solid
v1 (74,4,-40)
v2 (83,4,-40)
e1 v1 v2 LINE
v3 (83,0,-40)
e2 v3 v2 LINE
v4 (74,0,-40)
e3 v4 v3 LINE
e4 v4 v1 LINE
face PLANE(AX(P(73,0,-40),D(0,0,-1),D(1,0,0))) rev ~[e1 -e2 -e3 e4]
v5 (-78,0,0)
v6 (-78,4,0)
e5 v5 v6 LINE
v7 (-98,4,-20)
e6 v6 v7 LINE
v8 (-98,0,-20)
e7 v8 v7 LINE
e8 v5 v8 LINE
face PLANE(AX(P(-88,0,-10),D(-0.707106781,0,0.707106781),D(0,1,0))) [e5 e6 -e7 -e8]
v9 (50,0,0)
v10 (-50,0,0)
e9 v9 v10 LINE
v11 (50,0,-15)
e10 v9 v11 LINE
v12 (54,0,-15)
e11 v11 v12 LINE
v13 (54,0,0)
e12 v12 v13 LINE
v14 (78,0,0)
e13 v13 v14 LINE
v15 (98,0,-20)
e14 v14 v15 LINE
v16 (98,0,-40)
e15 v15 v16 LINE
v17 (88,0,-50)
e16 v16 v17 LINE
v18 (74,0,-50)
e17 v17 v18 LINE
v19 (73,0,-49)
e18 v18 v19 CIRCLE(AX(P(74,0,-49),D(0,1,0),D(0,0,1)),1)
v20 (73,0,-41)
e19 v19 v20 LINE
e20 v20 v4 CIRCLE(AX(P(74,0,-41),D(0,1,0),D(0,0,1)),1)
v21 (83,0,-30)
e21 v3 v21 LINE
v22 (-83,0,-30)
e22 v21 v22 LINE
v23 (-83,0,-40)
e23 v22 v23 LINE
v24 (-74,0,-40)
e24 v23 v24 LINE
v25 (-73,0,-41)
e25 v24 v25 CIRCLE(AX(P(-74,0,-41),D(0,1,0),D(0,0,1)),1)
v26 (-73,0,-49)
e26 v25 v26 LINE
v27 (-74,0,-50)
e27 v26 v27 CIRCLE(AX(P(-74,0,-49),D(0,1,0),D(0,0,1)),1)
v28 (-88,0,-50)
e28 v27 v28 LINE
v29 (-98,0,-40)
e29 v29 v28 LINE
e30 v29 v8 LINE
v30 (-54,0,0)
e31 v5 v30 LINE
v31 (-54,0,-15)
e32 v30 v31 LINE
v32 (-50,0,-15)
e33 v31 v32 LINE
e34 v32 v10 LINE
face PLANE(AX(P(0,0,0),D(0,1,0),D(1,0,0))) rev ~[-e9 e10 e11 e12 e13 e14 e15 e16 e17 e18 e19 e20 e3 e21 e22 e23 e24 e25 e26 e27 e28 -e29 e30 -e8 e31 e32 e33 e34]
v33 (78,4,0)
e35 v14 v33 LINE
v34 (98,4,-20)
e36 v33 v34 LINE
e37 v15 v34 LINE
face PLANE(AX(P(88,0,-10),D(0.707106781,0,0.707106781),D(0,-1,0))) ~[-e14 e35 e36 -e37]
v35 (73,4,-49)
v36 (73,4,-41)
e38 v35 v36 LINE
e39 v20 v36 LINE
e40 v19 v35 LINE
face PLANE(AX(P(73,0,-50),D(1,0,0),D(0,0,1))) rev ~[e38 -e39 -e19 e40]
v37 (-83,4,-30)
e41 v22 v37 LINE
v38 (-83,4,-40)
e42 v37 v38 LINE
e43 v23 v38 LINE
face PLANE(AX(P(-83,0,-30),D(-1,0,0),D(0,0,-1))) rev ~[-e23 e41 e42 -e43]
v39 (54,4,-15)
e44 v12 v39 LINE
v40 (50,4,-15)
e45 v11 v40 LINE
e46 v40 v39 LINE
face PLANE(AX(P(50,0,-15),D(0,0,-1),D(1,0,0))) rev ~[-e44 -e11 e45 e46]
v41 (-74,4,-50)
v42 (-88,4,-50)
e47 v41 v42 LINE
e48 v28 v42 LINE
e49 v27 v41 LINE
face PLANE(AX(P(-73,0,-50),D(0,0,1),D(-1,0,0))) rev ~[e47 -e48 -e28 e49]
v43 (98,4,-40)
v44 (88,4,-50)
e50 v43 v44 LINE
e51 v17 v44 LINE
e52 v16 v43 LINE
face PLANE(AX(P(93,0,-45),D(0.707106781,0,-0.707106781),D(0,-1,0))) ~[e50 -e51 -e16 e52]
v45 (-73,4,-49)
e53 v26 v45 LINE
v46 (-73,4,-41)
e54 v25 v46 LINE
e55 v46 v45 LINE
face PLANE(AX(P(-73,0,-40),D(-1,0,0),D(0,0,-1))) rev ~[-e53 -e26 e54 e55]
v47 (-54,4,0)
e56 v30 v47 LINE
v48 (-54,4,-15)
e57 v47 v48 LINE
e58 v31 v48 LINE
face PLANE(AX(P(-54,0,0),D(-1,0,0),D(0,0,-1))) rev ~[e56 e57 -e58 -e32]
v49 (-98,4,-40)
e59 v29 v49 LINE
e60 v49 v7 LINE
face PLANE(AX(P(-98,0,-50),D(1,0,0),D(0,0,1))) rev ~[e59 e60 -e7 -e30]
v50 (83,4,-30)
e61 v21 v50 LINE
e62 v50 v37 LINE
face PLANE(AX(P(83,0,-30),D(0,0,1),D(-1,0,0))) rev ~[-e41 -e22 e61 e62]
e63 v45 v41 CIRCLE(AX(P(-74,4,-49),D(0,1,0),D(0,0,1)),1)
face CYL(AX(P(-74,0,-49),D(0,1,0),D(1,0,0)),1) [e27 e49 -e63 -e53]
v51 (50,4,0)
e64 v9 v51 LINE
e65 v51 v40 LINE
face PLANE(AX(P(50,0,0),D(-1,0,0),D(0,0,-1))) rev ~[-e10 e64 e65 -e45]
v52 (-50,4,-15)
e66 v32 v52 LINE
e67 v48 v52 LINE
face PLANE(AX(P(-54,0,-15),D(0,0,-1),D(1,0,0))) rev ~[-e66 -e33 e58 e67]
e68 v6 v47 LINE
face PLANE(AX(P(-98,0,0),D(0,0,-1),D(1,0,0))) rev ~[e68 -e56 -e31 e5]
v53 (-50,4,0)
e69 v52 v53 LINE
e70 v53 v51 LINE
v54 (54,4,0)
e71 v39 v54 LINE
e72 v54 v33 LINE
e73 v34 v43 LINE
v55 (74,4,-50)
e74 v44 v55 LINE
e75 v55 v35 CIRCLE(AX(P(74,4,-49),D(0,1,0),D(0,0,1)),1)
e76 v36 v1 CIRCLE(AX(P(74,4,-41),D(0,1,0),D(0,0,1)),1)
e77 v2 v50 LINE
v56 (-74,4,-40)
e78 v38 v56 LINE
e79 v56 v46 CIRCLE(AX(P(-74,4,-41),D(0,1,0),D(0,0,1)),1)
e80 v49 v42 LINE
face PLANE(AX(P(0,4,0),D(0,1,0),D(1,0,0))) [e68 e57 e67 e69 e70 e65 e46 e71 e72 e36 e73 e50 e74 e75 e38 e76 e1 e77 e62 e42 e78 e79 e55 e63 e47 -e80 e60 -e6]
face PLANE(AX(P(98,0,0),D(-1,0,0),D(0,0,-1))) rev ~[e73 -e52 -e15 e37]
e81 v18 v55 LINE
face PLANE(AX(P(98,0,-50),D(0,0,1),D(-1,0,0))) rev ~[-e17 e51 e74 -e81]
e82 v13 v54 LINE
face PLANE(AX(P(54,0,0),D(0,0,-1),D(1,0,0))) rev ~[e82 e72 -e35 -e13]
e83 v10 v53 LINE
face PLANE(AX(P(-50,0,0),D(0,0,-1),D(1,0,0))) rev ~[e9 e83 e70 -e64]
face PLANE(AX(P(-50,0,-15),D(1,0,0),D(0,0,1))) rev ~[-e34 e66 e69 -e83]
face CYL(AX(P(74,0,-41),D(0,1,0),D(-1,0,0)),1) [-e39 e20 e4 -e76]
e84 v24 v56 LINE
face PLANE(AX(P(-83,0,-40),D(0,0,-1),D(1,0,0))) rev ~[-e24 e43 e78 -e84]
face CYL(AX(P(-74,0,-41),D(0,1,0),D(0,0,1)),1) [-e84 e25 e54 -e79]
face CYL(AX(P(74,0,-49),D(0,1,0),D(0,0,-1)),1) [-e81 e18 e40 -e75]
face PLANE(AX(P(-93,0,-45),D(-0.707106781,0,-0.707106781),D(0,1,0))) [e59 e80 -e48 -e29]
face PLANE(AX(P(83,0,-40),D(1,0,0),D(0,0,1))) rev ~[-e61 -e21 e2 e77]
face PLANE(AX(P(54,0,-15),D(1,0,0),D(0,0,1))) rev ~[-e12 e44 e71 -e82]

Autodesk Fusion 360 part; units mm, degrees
sketch "スケッチ1" plane through (0, 0, 0) normal (0, 1, 0) x (1, 0, 0)
  line L0 (98, 0) -> (98, 50)
  line L1 (98, 50) -> (73, 50)
  line L2 (73, 50) -> (73, 40)
  line L3 (73, 40) -> (83, 40)
  line L4 (83, 40) -> (83, 30)
  line L5 (83, 30) -> (-83, 30)
  line L6 (-83, 30) -> (-83, 40)
  line L7 (-83, 40) -> (-73, 40)
  line L8 (-73, 40) -> (-73, 50)
  line L9 (-73, 50) -> (-98, 50)
  line L10 (-98, 50) -> (-98, 0)
  line L11 (-98, 0) -> (-54, 0)
  line L12 (-54, 0) -> (-54, 15)
  line L13 (-54, 15) -> (-50, 15)
  line L14 (-50, 15) -> (-50, 0)
  line L15 (-50, 0) -> (50, 0)
  line L16 (50, 0) -> (50, 15)
  line L17 (50, 15) -> (54, 15)
  line L18 (54, 15) -> (54, 0)
  line L19 (54, 0) -> (98, 0)
  line L20 (-45, 20) -> (45, 20)
  point P0 (0, 30)
  dimension "d1" = 50
  dimension "d3" = 10
  dimension "d4" = 15
  dimension "d5" = 10
  dimension "d6" = 50
  dimension "d7" = 4
  dimension "d8" = 15
  dimension "d9" = 166
  dimension "d10" = 10
  dimension "d16" = 5
  dimension "d17" = 5
  dimension "d23" = 10
extrude "押し出し1" add sketch "スケッチ1" along normal blind 4
chamfer "面取り1" distance 20 angle 45 2 edges at (98, 2, 0) (-98, 2, 0)
chamfer "面取り2" distance 10 angle 45 2 edges at (98, 2, -50) (-98, 2, -50)
hole "穴1" at (0, 0, 0) at (0, 0, 0) direction (0, -1, 0) diameter 3.2 depth 4 tip angle 118
fillet "フィレット1" radius 1 4 edges at (-73, 2, -40) (73, 2, -40) (73, 2, -50) (-73, 2, -50)
